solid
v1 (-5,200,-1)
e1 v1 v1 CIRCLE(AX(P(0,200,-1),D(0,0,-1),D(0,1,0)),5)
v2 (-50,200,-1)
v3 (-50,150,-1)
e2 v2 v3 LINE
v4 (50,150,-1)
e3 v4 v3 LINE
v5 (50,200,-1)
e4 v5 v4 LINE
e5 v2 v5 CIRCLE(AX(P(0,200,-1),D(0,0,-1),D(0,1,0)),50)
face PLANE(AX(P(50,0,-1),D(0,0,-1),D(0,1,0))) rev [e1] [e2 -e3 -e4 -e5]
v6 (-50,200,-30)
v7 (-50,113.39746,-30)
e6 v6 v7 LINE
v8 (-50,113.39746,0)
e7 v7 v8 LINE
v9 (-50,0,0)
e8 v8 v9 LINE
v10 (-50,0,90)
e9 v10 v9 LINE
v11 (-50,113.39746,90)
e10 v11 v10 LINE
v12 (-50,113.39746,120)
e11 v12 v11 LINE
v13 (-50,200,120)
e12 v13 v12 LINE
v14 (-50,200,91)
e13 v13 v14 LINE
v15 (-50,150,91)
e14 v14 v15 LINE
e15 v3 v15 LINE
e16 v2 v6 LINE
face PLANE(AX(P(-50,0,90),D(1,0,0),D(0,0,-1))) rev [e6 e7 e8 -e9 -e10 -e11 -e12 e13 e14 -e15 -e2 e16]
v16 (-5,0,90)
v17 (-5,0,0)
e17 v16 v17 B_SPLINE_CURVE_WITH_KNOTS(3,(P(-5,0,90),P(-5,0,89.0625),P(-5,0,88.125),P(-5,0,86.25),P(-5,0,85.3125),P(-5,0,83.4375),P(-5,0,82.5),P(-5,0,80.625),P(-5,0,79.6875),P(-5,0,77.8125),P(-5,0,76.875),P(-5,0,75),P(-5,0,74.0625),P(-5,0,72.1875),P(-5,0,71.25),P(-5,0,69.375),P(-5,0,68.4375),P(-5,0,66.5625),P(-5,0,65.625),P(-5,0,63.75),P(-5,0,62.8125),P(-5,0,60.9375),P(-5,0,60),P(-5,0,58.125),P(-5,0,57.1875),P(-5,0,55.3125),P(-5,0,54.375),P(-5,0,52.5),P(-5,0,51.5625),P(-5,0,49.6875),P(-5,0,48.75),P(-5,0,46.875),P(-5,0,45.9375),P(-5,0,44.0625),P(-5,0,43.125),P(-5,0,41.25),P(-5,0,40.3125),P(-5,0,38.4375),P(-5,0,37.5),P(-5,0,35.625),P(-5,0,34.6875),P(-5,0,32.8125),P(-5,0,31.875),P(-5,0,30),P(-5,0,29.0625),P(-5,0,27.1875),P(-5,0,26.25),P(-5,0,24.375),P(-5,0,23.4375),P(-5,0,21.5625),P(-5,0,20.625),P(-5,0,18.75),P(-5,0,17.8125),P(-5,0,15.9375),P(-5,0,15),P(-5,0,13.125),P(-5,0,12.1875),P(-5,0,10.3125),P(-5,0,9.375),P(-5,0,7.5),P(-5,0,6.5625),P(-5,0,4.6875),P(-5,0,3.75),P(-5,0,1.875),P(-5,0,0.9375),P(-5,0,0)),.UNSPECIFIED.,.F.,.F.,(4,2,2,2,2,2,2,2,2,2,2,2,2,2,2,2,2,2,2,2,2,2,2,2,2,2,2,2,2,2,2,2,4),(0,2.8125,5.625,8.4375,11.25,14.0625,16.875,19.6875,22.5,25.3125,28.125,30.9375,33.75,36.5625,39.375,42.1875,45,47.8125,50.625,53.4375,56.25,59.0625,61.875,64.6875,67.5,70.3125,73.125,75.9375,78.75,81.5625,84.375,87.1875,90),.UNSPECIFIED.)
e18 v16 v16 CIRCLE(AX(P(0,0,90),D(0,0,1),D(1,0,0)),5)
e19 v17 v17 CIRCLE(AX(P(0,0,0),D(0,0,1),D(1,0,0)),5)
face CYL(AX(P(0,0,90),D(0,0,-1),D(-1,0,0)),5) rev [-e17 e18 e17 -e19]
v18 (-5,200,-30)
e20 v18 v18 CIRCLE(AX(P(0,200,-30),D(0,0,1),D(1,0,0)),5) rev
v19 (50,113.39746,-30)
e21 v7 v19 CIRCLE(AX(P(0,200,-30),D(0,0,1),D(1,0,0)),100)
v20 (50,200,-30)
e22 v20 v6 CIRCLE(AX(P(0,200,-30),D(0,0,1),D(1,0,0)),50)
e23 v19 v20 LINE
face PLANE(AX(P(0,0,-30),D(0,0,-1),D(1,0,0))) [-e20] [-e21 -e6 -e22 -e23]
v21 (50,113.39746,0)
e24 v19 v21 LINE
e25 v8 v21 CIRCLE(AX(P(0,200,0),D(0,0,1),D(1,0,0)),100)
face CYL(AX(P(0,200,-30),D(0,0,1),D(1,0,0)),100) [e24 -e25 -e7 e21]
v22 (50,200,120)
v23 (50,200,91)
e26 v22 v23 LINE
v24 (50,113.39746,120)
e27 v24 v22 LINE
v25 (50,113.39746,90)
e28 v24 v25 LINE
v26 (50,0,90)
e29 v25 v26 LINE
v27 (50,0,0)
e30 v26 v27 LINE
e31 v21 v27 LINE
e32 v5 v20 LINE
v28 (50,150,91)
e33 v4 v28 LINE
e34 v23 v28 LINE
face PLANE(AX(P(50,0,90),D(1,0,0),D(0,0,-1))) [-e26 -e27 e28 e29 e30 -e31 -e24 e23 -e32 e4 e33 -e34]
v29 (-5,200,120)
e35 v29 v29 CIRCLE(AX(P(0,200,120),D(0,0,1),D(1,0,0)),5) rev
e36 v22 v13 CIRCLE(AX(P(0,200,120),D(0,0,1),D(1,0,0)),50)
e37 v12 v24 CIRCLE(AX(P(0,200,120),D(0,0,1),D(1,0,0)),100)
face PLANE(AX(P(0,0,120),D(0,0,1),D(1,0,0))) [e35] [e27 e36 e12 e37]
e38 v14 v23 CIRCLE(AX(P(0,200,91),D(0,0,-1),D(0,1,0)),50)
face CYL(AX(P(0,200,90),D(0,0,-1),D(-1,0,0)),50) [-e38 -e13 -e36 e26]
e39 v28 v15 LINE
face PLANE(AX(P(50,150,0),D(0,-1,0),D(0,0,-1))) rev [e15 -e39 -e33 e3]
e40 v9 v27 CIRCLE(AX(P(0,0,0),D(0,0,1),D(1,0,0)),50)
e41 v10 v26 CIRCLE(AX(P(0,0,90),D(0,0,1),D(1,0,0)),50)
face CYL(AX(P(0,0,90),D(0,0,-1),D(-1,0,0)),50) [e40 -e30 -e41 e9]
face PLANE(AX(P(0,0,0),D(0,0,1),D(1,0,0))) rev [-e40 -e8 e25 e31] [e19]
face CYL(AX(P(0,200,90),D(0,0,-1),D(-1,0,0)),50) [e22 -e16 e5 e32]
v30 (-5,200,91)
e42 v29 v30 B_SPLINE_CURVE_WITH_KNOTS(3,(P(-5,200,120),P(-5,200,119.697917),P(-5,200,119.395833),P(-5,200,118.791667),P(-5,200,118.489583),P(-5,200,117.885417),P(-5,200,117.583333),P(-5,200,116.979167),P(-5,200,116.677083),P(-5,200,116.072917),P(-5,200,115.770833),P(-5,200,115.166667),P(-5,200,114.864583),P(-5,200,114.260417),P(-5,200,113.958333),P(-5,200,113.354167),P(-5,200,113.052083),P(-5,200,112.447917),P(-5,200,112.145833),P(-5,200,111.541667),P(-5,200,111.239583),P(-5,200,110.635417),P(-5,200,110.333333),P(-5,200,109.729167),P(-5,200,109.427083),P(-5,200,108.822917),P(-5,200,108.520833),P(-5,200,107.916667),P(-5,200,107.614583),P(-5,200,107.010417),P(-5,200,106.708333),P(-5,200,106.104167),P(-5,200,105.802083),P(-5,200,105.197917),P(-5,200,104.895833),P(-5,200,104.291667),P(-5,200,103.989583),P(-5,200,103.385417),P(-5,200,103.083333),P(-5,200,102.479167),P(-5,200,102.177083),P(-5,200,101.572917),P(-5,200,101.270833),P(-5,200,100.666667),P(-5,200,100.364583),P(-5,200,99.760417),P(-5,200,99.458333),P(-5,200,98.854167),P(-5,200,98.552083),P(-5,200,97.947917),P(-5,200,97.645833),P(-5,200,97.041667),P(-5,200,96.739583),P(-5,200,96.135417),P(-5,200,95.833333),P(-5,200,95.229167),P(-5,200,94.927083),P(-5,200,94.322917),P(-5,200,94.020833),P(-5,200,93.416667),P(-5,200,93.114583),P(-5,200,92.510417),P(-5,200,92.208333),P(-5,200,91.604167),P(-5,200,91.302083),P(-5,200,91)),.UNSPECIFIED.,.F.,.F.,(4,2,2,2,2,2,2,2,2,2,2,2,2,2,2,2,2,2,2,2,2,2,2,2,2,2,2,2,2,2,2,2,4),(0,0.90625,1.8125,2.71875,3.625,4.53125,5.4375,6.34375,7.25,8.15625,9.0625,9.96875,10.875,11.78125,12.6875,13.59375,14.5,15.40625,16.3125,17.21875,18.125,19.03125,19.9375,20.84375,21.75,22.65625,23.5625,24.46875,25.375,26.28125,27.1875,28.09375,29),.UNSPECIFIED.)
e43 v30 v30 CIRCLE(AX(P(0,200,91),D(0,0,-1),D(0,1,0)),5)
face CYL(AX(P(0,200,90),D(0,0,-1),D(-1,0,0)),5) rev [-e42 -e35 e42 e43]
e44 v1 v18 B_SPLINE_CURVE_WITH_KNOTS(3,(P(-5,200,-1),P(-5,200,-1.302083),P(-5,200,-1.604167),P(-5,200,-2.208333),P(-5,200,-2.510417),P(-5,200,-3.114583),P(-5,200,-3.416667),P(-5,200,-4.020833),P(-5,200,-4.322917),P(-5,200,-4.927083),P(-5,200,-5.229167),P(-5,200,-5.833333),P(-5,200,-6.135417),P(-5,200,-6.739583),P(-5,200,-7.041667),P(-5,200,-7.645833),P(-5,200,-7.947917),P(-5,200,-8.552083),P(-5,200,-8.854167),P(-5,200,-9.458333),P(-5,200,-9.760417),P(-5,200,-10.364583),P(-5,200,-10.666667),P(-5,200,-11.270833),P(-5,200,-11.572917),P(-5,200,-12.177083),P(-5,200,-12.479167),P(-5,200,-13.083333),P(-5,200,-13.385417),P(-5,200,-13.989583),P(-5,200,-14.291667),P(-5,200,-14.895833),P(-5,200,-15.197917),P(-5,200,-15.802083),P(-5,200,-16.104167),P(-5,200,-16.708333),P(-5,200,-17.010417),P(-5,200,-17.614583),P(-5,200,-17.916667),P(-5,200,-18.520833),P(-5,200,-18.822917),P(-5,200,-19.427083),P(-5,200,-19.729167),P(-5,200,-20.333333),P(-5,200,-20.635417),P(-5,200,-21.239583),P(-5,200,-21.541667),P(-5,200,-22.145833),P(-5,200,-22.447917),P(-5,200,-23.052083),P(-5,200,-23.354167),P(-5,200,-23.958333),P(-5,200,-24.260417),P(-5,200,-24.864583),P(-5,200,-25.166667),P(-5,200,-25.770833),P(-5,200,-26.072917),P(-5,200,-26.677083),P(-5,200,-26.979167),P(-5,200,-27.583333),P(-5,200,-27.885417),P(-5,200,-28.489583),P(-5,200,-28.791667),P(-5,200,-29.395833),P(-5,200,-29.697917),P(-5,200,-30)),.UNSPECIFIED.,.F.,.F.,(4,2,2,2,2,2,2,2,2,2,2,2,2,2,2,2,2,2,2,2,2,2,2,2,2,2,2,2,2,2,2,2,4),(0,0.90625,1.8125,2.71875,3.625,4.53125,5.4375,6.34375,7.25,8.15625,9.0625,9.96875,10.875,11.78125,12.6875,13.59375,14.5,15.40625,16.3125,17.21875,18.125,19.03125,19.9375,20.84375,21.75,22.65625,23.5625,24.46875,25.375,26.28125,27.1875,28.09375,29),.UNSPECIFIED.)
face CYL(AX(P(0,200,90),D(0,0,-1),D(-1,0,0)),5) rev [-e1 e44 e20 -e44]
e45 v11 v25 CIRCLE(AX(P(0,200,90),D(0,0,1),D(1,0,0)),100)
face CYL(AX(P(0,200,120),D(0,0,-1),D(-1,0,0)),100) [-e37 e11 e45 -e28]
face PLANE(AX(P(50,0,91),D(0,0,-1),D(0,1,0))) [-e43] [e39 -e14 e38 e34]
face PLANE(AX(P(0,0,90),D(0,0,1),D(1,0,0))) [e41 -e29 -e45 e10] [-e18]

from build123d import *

# Parameters (mm, degrees)
SKIZZE1_R                       = 5
AUFSATZ_LINEAR_AUSTRAGEN1_DEPTH = 90
SKIZZE2_R                       = 5
AUFSATZ_LINEAR_AUSTRAGEN2_DEPTH = 30
SKIZZE3_W                       = 92
SKIZZE3_H                       = 100
SCHNITT_LINEAR_AUSTRAGEN1_DEPTH = 295.78805946


with BuildPart() as part:
    # Skizze1 → Aufsatz-Linear austragen1 (new body)
    with BuildSketch(Plane.XY):
        with BuildLine():
            Line((50, 0), (50, 200))
            ThreePointArc((50, 200), (0, 250), (-50, 200))
            Line((-50, 200), (-50, 0))
            ThreePointArc((-50, 0), (0, -50), (50, 0))
        make_face()
        with Locations(Location((0, 200, 0), (0, 0, 180))):
            Circle(SKIZZE1_R, mode=Mode.SUBTRACT)
        with Locations(Location((0, 0, 0), (0, 0, 180))):
            Circle(SKIZZE1_R, mode=Mode.SUBTRACT)
    extrude(amount=AUFSATZ_LINEAR_AUSTRAGEN1_DEPTH)

    # Skizze2 → Aufsatz-Linear austragen2 (add)
    # profile 1 of 2: a face of its own
    with BuildSketch(Plane.XY.offset(90)):
        with BuildLine():
            ThreePointArc((50, 200), (0, 250), (-50, 200))
            ThreePointArc((-50, 200), (0, 150), (50, 200))
        make_face()
        with Locations(Location((0, 200, 0), (0, 0, 180))):
            Circle(SKIZZE2_R, mode=Mode.SUBTRACT)
    # profile 2 of 2: a face of its own
    with BuildSketch(Plane.XY.offset(90)):
        with BuildLine():
            ThreePointArc((50, 200), (0, 150), (-50, 200))
            Line((-50, 200), (-50, 113.397459622))
            ThreePointArc((-50, 113.397459622), (0, 100), (50, 113.397459622))
            Line((50, 113.397459622), (50, 200))
        make_face()
    aufsatz_linear_austragen2 = extrude(amount=AUFSATZ_LINEAR_AUSTRAGEN2_DEPTH)

    # Spiegeln1: Aufsatz-Linear austragen2 across plane
    add(aufsatz_linear_austragen2.mirror(Plane(origin=(0, 0, 45), x_dir=(1, 0, 0), z_dir=(0, 0, -1))))

    # Skizze3 → Schnitt-Linear austragen1 (cut, through all)
    with BuildSketch(Plane.ZY.offset(50)):
        with Locations((45, 200)):
            Rectangle(SKIZZE3_W, SKIZZE3_H)
    extrude(amount=-SCHNITT_LINEAR_AUSTRAGEN1_DEPTH, mode=Mode.SUBTRACT)


solid = part.part
